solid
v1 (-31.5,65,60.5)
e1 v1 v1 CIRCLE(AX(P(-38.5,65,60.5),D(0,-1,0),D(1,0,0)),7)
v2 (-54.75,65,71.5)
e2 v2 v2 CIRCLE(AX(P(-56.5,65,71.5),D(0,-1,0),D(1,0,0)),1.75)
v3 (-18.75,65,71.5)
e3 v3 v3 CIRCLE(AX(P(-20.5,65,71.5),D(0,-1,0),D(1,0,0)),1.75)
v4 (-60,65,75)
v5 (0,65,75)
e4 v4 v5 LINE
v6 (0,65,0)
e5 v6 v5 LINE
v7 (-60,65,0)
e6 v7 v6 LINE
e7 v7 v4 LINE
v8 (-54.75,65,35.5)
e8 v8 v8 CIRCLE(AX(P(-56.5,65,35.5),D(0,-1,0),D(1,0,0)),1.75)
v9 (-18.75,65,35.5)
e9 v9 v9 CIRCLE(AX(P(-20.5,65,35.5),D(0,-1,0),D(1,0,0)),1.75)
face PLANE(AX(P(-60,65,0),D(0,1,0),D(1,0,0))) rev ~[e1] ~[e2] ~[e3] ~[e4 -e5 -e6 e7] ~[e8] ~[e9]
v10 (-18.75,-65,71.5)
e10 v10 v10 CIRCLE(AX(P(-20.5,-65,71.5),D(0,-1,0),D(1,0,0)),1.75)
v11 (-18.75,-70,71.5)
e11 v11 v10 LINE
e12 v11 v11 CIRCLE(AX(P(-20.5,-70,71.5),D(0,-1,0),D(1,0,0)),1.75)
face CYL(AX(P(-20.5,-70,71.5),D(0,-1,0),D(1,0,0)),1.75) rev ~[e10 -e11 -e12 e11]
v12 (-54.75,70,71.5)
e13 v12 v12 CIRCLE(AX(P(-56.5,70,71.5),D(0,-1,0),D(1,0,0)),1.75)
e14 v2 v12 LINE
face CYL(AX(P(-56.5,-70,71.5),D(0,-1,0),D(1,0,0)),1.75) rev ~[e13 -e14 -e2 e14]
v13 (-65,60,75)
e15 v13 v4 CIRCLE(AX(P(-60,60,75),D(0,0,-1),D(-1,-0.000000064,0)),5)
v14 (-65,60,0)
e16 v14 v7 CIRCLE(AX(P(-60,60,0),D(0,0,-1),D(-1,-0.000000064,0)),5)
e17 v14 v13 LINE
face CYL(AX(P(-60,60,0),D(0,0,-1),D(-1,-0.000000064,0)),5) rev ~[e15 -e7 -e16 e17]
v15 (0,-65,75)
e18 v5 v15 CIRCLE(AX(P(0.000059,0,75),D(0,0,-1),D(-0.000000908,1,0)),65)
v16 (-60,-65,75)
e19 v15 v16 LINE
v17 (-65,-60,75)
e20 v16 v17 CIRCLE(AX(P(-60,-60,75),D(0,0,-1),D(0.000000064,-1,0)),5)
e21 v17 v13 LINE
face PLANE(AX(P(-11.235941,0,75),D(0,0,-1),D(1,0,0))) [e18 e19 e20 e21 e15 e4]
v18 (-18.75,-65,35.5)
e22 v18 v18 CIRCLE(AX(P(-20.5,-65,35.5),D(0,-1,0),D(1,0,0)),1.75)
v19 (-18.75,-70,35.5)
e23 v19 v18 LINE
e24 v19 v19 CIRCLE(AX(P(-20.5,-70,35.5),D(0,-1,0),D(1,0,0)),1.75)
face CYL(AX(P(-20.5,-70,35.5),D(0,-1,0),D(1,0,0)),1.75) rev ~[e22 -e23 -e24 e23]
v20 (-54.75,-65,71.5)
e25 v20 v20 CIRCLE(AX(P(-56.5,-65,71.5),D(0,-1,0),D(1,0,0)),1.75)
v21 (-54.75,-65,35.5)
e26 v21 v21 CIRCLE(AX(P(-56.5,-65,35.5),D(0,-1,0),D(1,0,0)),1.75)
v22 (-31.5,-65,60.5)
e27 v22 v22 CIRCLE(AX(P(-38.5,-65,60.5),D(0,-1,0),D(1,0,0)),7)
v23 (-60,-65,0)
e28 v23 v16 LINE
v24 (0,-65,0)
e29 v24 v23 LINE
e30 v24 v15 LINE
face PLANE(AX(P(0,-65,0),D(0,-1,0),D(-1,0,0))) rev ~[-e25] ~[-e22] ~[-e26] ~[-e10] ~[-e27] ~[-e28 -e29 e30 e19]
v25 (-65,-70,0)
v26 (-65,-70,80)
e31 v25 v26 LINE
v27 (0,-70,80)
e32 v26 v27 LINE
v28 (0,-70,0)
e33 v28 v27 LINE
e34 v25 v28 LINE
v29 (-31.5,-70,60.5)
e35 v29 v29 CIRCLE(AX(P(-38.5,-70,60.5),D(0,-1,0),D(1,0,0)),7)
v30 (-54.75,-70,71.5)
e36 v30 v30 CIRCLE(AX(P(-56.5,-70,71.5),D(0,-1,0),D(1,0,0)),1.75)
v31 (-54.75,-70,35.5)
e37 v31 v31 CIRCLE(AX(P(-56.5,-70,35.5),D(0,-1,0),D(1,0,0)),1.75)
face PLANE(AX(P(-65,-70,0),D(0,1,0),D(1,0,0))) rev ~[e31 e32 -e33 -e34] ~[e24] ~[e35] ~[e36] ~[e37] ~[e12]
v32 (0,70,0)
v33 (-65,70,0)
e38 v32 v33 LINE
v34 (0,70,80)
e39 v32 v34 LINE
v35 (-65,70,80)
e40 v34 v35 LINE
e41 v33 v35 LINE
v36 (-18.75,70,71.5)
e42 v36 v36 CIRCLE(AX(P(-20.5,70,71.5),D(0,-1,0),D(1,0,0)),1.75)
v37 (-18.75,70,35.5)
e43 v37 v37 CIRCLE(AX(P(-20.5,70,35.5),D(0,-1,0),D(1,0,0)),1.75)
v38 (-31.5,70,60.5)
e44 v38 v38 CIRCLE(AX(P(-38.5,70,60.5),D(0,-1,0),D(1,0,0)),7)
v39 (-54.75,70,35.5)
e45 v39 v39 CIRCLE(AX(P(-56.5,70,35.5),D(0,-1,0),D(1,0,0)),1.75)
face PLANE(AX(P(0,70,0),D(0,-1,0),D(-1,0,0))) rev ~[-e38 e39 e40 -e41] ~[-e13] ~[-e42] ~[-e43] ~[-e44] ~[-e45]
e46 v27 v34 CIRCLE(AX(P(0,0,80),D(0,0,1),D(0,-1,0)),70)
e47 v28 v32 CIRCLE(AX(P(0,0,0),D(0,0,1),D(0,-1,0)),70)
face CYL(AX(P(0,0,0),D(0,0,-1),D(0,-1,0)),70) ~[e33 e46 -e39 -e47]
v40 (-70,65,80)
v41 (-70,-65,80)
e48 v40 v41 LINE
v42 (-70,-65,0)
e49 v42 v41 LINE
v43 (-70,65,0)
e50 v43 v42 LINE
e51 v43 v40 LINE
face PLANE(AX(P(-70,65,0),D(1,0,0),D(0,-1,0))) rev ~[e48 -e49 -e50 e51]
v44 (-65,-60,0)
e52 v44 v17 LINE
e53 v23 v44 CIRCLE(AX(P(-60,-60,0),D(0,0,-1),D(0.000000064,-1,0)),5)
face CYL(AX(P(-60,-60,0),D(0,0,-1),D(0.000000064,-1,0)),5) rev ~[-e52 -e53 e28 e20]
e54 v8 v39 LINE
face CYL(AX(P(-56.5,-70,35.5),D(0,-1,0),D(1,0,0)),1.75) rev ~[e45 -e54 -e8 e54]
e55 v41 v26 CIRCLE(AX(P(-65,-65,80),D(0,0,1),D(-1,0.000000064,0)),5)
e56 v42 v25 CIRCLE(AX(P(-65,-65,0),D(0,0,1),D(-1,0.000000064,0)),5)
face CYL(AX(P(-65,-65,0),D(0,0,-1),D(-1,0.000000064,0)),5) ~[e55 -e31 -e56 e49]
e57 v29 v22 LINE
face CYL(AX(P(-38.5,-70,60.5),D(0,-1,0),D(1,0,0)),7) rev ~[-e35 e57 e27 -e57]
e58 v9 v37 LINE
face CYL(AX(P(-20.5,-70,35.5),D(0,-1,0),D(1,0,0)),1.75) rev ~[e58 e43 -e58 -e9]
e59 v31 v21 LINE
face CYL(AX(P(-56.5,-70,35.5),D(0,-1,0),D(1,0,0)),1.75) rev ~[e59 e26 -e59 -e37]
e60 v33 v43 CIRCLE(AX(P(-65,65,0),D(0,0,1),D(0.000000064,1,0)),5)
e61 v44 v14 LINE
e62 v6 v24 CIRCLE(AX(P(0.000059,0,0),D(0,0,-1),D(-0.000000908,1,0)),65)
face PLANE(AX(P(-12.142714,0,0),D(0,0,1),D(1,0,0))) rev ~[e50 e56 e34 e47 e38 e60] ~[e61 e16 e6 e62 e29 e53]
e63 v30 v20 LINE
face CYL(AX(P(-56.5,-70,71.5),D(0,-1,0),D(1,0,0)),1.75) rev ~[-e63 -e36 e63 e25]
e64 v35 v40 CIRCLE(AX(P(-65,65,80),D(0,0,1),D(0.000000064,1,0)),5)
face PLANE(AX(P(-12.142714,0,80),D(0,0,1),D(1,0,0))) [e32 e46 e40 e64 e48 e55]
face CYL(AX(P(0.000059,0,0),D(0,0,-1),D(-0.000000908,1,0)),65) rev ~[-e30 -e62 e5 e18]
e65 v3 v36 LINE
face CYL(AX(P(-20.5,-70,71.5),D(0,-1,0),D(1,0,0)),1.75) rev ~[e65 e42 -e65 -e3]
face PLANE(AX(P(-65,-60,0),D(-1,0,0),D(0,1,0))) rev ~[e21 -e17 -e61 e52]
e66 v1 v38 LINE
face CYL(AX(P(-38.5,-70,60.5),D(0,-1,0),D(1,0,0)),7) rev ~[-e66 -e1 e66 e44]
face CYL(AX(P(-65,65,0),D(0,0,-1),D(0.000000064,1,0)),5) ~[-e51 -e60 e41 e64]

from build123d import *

# Parameters (mm, degrees)
PAD_DEPTH       = 80
POCKET_DEPTH    = 75
SKETCH002_R     = 7
SKETCH002_R_2   = 1.75
POCKET001_DEPTH = 140


with BuildPart() as part:
    # Sketch → Pad (new body)
    with BuildSketch(Plane.XY):
        with BuildLine():
            Line((0, 70), (-65, 70))
            ThreePointArc((-65, 70), (-68.535534, 68.535534), (-70, 65))
            Line((-70, 65), (-70, -65))
            ThreePointArc((-70, -65), (-68.535534, -68.535534), (-65, -70))
            Line((-65, -70), (0, -70))
            ThreePointArc((0, -70), (70, 0), (0, 70))
        make_face()
    extrude(amount=PAD_DEPTH)

    # Sketch001 (on Face7 of Pad) → Pocket (cut)
    with BuildSketch(Plane(origin=(0, 0, 0), x_dir=(1, 0, 0), z_dir=(0, 0, -1))):
        with BuildLine():
            ThreePointArc((0, -65), (65.000059, 0), (0, 65))
            Line((0, 65), (-60, 65))
            ThreePointArc((-60, 65), (-63.535534, 63.535534), (-65, 60))
            Line((-65, 60), (-65, -60))
            ThreePointArc((-65, -60), (-63.535534, -63.535534), (-60, -65))
            Line((-60, -65), (0, -65))
        make_face()
    extrude(amount=-POCKET_DEPTH, mode=Mode.SUBTRACT)

    # Sketch002 (on Face6 of Pocket) → Pocket001 (cut)
    with BuildSketch(Plane.XZ.offset(70)):
        with Locations((-38.5, 60.5)):
            Circle(SKETCH002_R)
        with Locations((-56.5, 71.5)):
            Circle(SKETCH002_R_2)
        with Locations((-56.5, 35.5)):
            Circle(SKETCH002_R_2)
        with Locations((-20.5, 71.5)):
            Circle(SKETCH002_R_2)
        with Locations((-20.5, 35.5)):
            Circle(SKETCH002_R_2)
    extrude(amount=-POCKET001_DEPTH, mode=Mode.SUBTRACT)


solid = part.part
